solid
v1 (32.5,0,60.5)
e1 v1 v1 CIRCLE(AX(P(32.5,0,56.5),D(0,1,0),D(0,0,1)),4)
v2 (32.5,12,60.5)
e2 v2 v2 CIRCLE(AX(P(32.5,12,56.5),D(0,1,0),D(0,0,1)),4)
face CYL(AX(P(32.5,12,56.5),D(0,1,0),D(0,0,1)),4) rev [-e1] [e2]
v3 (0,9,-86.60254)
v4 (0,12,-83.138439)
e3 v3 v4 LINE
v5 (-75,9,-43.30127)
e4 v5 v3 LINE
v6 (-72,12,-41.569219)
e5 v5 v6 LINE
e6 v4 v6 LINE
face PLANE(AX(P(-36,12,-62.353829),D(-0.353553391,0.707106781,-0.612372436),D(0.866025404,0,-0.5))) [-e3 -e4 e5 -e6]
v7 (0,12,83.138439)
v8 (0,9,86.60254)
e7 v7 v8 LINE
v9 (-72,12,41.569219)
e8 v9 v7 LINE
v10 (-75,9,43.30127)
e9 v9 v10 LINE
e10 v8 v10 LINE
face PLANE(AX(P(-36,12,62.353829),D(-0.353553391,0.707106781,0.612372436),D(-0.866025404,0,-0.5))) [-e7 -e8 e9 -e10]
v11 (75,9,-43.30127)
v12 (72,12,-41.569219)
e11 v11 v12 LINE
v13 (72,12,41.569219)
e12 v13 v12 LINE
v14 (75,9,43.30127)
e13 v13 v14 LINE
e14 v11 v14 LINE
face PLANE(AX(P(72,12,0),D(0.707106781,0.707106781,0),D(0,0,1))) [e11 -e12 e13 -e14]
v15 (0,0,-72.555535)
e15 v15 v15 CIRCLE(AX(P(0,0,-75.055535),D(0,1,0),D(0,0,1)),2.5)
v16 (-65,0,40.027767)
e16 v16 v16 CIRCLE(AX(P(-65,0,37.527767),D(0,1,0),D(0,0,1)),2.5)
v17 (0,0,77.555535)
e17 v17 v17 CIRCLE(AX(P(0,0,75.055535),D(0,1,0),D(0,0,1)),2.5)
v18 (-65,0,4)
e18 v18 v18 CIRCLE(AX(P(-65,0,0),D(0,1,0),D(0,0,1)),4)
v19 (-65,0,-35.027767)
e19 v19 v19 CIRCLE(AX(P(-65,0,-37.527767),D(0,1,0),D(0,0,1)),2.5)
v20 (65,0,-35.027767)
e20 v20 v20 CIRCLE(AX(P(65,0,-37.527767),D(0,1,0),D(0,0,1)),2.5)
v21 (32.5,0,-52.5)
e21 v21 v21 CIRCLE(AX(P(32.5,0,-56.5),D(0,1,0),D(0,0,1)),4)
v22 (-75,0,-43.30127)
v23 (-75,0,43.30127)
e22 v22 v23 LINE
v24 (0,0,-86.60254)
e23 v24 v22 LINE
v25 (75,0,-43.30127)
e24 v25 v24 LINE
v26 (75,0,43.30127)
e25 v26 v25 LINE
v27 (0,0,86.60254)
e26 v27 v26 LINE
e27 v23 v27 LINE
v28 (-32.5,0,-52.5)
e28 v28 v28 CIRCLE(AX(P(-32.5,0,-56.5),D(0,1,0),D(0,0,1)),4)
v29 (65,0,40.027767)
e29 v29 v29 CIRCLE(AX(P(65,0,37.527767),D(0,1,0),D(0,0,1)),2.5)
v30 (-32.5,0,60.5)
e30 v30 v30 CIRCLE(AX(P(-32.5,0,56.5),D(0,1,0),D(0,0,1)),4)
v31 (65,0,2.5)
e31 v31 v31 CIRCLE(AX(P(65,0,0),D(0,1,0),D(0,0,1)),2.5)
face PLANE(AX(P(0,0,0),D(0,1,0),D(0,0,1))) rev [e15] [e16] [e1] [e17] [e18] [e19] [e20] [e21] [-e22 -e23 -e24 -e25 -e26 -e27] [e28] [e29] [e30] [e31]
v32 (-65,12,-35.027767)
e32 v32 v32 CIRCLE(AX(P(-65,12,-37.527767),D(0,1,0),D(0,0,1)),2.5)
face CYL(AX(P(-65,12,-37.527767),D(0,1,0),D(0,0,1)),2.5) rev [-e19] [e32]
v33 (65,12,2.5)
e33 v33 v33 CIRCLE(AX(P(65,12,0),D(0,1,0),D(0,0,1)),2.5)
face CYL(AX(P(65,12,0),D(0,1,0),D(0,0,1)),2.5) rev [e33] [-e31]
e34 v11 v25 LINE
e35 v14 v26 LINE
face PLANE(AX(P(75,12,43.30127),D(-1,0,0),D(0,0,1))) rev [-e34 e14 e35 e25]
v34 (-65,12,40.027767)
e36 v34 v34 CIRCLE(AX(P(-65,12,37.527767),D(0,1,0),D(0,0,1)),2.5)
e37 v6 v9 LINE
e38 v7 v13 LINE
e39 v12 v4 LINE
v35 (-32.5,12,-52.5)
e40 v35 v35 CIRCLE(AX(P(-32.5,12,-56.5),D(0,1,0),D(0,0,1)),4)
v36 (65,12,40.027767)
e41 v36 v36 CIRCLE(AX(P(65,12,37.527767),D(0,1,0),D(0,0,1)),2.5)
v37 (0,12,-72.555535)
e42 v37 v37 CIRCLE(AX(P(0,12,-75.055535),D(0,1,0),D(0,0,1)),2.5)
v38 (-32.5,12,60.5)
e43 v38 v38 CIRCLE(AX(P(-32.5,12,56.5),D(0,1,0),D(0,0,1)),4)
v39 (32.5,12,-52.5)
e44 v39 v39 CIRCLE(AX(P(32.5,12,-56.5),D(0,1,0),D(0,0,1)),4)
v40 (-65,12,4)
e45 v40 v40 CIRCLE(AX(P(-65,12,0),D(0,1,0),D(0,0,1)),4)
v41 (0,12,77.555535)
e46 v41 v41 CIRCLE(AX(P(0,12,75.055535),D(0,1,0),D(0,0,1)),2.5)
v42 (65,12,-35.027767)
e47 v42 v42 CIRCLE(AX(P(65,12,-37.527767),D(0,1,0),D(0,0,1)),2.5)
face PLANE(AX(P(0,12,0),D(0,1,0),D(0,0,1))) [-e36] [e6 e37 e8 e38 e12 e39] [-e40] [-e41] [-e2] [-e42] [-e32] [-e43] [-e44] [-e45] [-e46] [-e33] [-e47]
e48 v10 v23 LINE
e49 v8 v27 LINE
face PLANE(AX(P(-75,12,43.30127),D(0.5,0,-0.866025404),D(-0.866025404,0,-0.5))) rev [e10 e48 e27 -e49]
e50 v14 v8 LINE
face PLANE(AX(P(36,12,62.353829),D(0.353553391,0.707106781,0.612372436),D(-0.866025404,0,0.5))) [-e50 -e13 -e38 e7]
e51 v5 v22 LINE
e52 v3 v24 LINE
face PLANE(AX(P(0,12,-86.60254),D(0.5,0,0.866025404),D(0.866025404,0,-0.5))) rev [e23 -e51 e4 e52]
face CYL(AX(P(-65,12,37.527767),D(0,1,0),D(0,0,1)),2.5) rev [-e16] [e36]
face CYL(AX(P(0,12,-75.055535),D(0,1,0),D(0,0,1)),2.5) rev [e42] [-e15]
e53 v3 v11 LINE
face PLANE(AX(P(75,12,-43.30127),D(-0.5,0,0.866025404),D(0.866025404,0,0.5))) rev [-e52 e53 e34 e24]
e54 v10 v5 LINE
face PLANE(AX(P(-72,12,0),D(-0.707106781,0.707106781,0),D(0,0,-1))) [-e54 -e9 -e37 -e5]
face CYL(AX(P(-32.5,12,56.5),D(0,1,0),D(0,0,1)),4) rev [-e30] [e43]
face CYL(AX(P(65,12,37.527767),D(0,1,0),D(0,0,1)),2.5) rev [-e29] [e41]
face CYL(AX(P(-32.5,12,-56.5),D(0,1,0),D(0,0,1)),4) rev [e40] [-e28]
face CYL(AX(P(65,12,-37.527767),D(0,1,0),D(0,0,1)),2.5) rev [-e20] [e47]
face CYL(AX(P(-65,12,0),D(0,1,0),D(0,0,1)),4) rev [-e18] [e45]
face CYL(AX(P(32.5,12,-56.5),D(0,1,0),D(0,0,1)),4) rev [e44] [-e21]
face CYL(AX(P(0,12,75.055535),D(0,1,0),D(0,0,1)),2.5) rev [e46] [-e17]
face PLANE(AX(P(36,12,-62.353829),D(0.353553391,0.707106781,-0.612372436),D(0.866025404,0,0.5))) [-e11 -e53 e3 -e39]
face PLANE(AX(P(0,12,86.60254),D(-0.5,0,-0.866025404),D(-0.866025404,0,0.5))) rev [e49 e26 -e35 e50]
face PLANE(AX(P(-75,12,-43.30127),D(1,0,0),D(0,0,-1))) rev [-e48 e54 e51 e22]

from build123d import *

# Parameters (mm, degrees)
EXTRUDE_2_DEPTH    = 12
CHAMFER_1_SIZE     = 3
HOLE_WIZARD_M6_2_D = 5
F_8_0MM_1_D        = 8


with BuildPart() as part:
    # 草圖2 → 填料-伸長2 (new body)
    with BuildSketch(Plane(origin=(0, 0, 0), x_dir=(1, 0, 0), z_dir=(0, 1, 0))):
        Polygon((0, 86.602540378), (-75, 43.301270189), (-75, -43.301270189), (0, -86.602540378), (75, -43.301270189), (75, 43.301270189), align=None)
    extrude(amount=EXTRUDE_2_DEPTH)

    # 導角1
    chamfer_1_edges = [part.edges().sort_by_distance(p)[0] for p in [
        (-75, 12, 0),
        (-37.5, 12, 64.951905284),
        (37.5, 12, 64.951905284),
        (75, 12, 0),
        (37.5, 12, -64.951905284),
        (-37.5, 12, -64.951905284),
    ]]
    chamfer(chamfer_1_edges, length=CHAMFER_1_SIZE)

    # M6 螺紋孔2 (through all)
    with Locations(Plane(origin=(-65, 12, 37.527767497), x_dir=(0, 0, 1), z_dir=(0, 1, 0))):
        with Locations((0, 0), (-75.055534994, 0), (-112.583302492, 65), (-75.055534994, 130), (-37.527767497, 130), (37.527767498, 65), (0, 130)):
            Hole(HOLE_WIZARD_M6_2_D / 2)

    # Ø8.0mm 定位孔1 (through all)
    with Locations(Plane(origin=(-65, 12, 0), x_dir=(0, 0, 1), z_dir=(0, 1, 0))):
        with Locations((0, 0), (56.5, 32.5), (56.5, 97.5), (-56.5, 97.5), (-56.5, 32.5)):
            Hole(F_8_0MM_1_D / 2)


solid = part.part
